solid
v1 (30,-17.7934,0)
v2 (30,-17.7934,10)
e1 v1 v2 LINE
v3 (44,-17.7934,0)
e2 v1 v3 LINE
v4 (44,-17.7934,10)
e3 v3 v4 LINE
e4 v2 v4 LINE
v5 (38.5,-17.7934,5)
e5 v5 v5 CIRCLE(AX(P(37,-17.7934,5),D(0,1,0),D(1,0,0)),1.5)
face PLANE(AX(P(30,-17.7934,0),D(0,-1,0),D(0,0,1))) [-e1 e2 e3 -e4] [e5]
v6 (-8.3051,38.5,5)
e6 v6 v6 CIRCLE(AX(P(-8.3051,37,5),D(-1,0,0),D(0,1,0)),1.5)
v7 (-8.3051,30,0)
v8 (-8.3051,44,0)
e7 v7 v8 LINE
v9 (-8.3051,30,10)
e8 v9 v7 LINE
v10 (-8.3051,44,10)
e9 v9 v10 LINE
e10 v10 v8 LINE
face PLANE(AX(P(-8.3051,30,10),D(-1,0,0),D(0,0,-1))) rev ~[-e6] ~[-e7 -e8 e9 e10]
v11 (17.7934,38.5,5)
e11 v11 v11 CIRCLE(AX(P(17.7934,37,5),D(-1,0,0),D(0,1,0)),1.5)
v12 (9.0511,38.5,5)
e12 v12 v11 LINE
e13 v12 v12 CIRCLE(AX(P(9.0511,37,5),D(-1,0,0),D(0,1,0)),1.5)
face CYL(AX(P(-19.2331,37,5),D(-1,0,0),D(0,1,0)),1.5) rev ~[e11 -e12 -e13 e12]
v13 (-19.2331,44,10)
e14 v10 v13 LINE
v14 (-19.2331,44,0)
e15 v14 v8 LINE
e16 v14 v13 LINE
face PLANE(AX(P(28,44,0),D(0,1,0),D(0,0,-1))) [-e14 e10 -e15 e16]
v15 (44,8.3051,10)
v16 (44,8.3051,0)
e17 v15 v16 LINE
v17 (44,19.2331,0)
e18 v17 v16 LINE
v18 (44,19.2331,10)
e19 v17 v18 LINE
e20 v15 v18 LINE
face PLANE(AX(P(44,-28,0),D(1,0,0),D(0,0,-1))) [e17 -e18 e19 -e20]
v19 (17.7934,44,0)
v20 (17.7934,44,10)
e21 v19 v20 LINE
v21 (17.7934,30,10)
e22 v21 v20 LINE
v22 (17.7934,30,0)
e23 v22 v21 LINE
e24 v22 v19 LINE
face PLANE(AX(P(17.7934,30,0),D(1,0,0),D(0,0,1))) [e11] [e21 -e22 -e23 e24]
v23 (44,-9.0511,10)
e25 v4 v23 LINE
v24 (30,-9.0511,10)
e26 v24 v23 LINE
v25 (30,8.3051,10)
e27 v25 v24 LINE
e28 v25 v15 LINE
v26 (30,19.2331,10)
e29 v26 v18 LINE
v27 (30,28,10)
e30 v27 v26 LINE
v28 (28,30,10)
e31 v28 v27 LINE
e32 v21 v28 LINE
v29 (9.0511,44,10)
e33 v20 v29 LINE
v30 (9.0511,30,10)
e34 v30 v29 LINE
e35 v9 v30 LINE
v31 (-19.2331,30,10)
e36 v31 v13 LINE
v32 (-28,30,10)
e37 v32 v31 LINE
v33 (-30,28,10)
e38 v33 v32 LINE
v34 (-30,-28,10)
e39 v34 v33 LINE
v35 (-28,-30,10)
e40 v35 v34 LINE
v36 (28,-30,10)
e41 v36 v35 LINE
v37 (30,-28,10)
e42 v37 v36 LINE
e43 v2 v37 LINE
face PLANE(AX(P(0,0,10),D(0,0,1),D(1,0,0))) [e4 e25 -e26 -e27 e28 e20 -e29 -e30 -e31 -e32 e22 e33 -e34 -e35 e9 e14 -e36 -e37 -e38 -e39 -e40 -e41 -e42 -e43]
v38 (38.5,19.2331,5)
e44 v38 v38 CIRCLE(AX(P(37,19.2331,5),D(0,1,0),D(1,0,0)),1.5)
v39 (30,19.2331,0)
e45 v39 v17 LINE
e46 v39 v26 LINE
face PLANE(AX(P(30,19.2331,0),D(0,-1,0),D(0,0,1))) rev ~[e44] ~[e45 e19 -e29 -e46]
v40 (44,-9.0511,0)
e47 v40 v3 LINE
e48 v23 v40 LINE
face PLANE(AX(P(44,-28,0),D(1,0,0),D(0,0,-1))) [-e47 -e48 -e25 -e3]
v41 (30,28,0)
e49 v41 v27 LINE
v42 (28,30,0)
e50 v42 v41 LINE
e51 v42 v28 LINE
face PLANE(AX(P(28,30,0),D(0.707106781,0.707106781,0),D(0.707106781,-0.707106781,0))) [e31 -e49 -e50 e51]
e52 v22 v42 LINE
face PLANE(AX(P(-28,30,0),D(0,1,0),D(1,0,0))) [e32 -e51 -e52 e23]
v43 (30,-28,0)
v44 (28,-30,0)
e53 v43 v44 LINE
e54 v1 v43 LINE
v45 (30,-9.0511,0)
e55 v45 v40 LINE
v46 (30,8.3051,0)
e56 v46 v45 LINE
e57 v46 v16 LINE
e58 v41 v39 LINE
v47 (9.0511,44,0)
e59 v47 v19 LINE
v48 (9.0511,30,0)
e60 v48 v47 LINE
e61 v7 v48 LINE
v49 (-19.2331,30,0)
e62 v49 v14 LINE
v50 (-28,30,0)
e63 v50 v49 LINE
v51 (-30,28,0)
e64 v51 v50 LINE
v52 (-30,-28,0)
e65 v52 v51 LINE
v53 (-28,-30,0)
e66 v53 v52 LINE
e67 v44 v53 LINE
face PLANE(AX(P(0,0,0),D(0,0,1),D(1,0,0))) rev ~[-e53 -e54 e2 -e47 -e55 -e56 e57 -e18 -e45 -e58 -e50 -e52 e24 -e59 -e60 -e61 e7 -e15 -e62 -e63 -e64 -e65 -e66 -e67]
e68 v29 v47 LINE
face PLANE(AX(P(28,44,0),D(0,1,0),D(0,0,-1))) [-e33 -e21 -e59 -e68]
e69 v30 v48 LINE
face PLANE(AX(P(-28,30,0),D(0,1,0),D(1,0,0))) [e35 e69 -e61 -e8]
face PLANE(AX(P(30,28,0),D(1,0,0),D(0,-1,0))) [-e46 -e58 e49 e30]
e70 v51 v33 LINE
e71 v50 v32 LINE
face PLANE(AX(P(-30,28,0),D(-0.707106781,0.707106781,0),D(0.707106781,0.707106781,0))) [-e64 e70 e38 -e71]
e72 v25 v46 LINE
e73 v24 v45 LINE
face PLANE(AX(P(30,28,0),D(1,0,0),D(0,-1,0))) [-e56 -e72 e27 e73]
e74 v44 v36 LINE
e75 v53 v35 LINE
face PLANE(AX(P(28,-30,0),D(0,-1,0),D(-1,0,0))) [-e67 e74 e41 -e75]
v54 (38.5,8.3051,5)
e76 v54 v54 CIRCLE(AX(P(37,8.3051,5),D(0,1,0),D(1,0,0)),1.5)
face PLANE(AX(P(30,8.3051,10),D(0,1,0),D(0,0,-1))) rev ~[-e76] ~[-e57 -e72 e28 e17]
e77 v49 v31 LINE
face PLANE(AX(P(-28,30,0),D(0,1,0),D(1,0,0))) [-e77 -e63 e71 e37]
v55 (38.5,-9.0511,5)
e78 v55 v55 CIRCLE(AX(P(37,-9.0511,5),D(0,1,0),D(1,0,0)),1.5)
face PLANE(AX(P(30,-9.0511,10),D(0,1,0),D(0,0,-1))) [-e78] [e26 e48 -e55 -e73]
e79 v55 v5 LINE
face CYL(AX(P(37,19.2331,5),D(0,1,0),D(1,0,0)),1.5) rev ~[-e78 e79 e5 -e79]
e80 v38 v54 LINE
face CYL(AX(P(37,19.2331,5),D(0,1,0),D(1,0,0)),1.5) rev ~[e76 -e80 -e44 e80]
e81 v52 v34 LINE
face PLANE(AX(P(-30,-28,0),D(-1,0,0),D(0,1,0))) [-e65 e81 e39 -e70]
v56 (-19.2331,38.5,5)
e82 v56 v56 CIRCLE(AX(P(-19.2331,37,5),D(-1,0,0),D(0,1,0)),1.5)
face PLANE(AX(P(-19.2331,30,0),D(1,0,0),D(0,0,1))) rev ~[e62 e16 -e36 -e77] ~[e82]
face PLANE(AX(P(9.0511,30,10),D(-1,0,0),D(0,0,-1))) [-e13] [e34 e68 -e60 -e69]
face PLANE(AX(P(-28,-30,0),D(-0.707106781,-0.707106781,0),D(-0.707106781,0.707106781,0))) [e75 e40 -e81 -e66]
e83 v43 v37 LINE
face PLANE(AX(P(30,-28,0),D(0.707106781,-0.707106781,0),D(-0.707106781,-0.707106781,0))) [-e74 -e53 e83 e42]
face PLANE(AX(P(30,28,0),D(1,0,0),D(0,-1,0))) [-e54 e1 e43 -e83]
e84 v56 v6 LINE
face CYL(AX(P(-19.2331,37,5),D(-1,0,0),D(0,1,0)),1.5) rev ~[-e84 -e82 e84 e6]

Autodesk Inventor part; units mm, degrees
ref_plane "YZ Plane" through (0, 0, 0) normal (1, 0, 0) x (0, 1, 0)
ref_plane "XZ Plane" through (0, 0, 0) normal (0, 1, 0) x (-1, 0, 0)
ref_plane "XY Plane" through (0, 0, 0) normal (0, 0, 1) x (1, 0, 0)
ref_plane "Work Plane1" through (0, 0, 0) normal (0, 0, 1) x (1, 0, 0)
sketch "Sketch1" plane through (0, 0, 0) normal (0, 0, 1) x (1, 0, 0)
  circle A0 centre (17.5, 17.5) radius 1.95 projected
  circle A1 centre (17.5, -17.5) radius 1.95 projected
  circle A2 centre (-17.5, -17.5) radius 1.95 projected
  circle A3 centre (-17.5, 17.5) radius 1.95 projected
  circle A4 centre (0, 0) radius 7.5 projected
  line L0 (-30, 28) -> (-28, 30) projected
  line L1 (-30, -28) -> (-30, 28) projected
  line L2 (-28, -30) -> (-30, -28) projected
  line L3 (28, -30) -> (-28, -30) projected
  line L4 (30, -28) -> (28, -30) projected
  line L5 (30, 28) -> (30, -28) projected
  line L6 (28, 30) -> (30, 28) projected
  line L7 (-28, 30) -> (28, 30) projected
extrude "Extrusion1" add sketch "Sketch1" along normal blind 10 contours A0 | A1 | A2 | A3 | A4 | L0 L7 L6 L5 L4 L3 L2 L1
sketch "Sketch2" plane through (0, 0, 10) normal (0, 0, 1) x (1, 0, 0)
  point P0 (0, 0)
sketch "Sketch3" plane through (30, -28, 0) normal (1, 0, 0) x (0, 0, -1)
  line L0 (0, 56) -> (0, 0) projected
  line L1 (0, 56) -> (-10, 56) projected
  line L2 (-10, 0) -> (-10, 56) projected
  line L3 (0, 0) -> (-10, 0) projected
  line L4 (-10, 0) -> (-10, 56) projected
  line L5 (0, 47.2331) -> (-10, 47.2331)
  line L6 (-10, 47.2331) -> (-10, 36.3051)
  line L7 (-10, 36.3051) -> (0, 36.3051)
  line L8 (0, 36.3051) -> (0, 47.2331)
  line L9 (0, 56) -> (0, 0) projected
  line L10 (0, 10.2066) -> (-10, 10.2066)
  line L11 (-10, 10.2066) -> (-10, 18.9489)
  line L12 (-10, 18.9489) -> (0, 18.9489)
  line L13 (0, 18.9489) -> (0, 10.2066)
  point P0 (0, 28)
extrude "Extrusion2" add sketch "Sketch3" along normal blind 14 contours L0 L7 L2 L5 | L0 L10 L2 L12
sketch "Sketch4" plane through (30, 19.2331, 10) normal (0, 1, 0) x (1, 0, 0)
  line L0 (0, 0) -> (0, 10) projected
  line L1 (0, 0) -> (14, 0) projected
  line L2 (14, 10) -> (14, 0) projected
  line L3 (0, 10) -> (14, 10) projected
  circle A0 centre (7, 5) radius 1.5
  point P0 (-30, 10)
  dimension "d4" = 3
extrude "Extrusion3" cut sketch "Sketch4" against normal through all contours A0
pattern_circular "Circular Pattern1" count 2 over 90 about axis through (0, 0, 0) along (0, 0, 1) of "Extrusion2", "Extrusion3"
properties part number "00_XY_stage-CHUO_SEIKI_LD-647-R1-Middle"
